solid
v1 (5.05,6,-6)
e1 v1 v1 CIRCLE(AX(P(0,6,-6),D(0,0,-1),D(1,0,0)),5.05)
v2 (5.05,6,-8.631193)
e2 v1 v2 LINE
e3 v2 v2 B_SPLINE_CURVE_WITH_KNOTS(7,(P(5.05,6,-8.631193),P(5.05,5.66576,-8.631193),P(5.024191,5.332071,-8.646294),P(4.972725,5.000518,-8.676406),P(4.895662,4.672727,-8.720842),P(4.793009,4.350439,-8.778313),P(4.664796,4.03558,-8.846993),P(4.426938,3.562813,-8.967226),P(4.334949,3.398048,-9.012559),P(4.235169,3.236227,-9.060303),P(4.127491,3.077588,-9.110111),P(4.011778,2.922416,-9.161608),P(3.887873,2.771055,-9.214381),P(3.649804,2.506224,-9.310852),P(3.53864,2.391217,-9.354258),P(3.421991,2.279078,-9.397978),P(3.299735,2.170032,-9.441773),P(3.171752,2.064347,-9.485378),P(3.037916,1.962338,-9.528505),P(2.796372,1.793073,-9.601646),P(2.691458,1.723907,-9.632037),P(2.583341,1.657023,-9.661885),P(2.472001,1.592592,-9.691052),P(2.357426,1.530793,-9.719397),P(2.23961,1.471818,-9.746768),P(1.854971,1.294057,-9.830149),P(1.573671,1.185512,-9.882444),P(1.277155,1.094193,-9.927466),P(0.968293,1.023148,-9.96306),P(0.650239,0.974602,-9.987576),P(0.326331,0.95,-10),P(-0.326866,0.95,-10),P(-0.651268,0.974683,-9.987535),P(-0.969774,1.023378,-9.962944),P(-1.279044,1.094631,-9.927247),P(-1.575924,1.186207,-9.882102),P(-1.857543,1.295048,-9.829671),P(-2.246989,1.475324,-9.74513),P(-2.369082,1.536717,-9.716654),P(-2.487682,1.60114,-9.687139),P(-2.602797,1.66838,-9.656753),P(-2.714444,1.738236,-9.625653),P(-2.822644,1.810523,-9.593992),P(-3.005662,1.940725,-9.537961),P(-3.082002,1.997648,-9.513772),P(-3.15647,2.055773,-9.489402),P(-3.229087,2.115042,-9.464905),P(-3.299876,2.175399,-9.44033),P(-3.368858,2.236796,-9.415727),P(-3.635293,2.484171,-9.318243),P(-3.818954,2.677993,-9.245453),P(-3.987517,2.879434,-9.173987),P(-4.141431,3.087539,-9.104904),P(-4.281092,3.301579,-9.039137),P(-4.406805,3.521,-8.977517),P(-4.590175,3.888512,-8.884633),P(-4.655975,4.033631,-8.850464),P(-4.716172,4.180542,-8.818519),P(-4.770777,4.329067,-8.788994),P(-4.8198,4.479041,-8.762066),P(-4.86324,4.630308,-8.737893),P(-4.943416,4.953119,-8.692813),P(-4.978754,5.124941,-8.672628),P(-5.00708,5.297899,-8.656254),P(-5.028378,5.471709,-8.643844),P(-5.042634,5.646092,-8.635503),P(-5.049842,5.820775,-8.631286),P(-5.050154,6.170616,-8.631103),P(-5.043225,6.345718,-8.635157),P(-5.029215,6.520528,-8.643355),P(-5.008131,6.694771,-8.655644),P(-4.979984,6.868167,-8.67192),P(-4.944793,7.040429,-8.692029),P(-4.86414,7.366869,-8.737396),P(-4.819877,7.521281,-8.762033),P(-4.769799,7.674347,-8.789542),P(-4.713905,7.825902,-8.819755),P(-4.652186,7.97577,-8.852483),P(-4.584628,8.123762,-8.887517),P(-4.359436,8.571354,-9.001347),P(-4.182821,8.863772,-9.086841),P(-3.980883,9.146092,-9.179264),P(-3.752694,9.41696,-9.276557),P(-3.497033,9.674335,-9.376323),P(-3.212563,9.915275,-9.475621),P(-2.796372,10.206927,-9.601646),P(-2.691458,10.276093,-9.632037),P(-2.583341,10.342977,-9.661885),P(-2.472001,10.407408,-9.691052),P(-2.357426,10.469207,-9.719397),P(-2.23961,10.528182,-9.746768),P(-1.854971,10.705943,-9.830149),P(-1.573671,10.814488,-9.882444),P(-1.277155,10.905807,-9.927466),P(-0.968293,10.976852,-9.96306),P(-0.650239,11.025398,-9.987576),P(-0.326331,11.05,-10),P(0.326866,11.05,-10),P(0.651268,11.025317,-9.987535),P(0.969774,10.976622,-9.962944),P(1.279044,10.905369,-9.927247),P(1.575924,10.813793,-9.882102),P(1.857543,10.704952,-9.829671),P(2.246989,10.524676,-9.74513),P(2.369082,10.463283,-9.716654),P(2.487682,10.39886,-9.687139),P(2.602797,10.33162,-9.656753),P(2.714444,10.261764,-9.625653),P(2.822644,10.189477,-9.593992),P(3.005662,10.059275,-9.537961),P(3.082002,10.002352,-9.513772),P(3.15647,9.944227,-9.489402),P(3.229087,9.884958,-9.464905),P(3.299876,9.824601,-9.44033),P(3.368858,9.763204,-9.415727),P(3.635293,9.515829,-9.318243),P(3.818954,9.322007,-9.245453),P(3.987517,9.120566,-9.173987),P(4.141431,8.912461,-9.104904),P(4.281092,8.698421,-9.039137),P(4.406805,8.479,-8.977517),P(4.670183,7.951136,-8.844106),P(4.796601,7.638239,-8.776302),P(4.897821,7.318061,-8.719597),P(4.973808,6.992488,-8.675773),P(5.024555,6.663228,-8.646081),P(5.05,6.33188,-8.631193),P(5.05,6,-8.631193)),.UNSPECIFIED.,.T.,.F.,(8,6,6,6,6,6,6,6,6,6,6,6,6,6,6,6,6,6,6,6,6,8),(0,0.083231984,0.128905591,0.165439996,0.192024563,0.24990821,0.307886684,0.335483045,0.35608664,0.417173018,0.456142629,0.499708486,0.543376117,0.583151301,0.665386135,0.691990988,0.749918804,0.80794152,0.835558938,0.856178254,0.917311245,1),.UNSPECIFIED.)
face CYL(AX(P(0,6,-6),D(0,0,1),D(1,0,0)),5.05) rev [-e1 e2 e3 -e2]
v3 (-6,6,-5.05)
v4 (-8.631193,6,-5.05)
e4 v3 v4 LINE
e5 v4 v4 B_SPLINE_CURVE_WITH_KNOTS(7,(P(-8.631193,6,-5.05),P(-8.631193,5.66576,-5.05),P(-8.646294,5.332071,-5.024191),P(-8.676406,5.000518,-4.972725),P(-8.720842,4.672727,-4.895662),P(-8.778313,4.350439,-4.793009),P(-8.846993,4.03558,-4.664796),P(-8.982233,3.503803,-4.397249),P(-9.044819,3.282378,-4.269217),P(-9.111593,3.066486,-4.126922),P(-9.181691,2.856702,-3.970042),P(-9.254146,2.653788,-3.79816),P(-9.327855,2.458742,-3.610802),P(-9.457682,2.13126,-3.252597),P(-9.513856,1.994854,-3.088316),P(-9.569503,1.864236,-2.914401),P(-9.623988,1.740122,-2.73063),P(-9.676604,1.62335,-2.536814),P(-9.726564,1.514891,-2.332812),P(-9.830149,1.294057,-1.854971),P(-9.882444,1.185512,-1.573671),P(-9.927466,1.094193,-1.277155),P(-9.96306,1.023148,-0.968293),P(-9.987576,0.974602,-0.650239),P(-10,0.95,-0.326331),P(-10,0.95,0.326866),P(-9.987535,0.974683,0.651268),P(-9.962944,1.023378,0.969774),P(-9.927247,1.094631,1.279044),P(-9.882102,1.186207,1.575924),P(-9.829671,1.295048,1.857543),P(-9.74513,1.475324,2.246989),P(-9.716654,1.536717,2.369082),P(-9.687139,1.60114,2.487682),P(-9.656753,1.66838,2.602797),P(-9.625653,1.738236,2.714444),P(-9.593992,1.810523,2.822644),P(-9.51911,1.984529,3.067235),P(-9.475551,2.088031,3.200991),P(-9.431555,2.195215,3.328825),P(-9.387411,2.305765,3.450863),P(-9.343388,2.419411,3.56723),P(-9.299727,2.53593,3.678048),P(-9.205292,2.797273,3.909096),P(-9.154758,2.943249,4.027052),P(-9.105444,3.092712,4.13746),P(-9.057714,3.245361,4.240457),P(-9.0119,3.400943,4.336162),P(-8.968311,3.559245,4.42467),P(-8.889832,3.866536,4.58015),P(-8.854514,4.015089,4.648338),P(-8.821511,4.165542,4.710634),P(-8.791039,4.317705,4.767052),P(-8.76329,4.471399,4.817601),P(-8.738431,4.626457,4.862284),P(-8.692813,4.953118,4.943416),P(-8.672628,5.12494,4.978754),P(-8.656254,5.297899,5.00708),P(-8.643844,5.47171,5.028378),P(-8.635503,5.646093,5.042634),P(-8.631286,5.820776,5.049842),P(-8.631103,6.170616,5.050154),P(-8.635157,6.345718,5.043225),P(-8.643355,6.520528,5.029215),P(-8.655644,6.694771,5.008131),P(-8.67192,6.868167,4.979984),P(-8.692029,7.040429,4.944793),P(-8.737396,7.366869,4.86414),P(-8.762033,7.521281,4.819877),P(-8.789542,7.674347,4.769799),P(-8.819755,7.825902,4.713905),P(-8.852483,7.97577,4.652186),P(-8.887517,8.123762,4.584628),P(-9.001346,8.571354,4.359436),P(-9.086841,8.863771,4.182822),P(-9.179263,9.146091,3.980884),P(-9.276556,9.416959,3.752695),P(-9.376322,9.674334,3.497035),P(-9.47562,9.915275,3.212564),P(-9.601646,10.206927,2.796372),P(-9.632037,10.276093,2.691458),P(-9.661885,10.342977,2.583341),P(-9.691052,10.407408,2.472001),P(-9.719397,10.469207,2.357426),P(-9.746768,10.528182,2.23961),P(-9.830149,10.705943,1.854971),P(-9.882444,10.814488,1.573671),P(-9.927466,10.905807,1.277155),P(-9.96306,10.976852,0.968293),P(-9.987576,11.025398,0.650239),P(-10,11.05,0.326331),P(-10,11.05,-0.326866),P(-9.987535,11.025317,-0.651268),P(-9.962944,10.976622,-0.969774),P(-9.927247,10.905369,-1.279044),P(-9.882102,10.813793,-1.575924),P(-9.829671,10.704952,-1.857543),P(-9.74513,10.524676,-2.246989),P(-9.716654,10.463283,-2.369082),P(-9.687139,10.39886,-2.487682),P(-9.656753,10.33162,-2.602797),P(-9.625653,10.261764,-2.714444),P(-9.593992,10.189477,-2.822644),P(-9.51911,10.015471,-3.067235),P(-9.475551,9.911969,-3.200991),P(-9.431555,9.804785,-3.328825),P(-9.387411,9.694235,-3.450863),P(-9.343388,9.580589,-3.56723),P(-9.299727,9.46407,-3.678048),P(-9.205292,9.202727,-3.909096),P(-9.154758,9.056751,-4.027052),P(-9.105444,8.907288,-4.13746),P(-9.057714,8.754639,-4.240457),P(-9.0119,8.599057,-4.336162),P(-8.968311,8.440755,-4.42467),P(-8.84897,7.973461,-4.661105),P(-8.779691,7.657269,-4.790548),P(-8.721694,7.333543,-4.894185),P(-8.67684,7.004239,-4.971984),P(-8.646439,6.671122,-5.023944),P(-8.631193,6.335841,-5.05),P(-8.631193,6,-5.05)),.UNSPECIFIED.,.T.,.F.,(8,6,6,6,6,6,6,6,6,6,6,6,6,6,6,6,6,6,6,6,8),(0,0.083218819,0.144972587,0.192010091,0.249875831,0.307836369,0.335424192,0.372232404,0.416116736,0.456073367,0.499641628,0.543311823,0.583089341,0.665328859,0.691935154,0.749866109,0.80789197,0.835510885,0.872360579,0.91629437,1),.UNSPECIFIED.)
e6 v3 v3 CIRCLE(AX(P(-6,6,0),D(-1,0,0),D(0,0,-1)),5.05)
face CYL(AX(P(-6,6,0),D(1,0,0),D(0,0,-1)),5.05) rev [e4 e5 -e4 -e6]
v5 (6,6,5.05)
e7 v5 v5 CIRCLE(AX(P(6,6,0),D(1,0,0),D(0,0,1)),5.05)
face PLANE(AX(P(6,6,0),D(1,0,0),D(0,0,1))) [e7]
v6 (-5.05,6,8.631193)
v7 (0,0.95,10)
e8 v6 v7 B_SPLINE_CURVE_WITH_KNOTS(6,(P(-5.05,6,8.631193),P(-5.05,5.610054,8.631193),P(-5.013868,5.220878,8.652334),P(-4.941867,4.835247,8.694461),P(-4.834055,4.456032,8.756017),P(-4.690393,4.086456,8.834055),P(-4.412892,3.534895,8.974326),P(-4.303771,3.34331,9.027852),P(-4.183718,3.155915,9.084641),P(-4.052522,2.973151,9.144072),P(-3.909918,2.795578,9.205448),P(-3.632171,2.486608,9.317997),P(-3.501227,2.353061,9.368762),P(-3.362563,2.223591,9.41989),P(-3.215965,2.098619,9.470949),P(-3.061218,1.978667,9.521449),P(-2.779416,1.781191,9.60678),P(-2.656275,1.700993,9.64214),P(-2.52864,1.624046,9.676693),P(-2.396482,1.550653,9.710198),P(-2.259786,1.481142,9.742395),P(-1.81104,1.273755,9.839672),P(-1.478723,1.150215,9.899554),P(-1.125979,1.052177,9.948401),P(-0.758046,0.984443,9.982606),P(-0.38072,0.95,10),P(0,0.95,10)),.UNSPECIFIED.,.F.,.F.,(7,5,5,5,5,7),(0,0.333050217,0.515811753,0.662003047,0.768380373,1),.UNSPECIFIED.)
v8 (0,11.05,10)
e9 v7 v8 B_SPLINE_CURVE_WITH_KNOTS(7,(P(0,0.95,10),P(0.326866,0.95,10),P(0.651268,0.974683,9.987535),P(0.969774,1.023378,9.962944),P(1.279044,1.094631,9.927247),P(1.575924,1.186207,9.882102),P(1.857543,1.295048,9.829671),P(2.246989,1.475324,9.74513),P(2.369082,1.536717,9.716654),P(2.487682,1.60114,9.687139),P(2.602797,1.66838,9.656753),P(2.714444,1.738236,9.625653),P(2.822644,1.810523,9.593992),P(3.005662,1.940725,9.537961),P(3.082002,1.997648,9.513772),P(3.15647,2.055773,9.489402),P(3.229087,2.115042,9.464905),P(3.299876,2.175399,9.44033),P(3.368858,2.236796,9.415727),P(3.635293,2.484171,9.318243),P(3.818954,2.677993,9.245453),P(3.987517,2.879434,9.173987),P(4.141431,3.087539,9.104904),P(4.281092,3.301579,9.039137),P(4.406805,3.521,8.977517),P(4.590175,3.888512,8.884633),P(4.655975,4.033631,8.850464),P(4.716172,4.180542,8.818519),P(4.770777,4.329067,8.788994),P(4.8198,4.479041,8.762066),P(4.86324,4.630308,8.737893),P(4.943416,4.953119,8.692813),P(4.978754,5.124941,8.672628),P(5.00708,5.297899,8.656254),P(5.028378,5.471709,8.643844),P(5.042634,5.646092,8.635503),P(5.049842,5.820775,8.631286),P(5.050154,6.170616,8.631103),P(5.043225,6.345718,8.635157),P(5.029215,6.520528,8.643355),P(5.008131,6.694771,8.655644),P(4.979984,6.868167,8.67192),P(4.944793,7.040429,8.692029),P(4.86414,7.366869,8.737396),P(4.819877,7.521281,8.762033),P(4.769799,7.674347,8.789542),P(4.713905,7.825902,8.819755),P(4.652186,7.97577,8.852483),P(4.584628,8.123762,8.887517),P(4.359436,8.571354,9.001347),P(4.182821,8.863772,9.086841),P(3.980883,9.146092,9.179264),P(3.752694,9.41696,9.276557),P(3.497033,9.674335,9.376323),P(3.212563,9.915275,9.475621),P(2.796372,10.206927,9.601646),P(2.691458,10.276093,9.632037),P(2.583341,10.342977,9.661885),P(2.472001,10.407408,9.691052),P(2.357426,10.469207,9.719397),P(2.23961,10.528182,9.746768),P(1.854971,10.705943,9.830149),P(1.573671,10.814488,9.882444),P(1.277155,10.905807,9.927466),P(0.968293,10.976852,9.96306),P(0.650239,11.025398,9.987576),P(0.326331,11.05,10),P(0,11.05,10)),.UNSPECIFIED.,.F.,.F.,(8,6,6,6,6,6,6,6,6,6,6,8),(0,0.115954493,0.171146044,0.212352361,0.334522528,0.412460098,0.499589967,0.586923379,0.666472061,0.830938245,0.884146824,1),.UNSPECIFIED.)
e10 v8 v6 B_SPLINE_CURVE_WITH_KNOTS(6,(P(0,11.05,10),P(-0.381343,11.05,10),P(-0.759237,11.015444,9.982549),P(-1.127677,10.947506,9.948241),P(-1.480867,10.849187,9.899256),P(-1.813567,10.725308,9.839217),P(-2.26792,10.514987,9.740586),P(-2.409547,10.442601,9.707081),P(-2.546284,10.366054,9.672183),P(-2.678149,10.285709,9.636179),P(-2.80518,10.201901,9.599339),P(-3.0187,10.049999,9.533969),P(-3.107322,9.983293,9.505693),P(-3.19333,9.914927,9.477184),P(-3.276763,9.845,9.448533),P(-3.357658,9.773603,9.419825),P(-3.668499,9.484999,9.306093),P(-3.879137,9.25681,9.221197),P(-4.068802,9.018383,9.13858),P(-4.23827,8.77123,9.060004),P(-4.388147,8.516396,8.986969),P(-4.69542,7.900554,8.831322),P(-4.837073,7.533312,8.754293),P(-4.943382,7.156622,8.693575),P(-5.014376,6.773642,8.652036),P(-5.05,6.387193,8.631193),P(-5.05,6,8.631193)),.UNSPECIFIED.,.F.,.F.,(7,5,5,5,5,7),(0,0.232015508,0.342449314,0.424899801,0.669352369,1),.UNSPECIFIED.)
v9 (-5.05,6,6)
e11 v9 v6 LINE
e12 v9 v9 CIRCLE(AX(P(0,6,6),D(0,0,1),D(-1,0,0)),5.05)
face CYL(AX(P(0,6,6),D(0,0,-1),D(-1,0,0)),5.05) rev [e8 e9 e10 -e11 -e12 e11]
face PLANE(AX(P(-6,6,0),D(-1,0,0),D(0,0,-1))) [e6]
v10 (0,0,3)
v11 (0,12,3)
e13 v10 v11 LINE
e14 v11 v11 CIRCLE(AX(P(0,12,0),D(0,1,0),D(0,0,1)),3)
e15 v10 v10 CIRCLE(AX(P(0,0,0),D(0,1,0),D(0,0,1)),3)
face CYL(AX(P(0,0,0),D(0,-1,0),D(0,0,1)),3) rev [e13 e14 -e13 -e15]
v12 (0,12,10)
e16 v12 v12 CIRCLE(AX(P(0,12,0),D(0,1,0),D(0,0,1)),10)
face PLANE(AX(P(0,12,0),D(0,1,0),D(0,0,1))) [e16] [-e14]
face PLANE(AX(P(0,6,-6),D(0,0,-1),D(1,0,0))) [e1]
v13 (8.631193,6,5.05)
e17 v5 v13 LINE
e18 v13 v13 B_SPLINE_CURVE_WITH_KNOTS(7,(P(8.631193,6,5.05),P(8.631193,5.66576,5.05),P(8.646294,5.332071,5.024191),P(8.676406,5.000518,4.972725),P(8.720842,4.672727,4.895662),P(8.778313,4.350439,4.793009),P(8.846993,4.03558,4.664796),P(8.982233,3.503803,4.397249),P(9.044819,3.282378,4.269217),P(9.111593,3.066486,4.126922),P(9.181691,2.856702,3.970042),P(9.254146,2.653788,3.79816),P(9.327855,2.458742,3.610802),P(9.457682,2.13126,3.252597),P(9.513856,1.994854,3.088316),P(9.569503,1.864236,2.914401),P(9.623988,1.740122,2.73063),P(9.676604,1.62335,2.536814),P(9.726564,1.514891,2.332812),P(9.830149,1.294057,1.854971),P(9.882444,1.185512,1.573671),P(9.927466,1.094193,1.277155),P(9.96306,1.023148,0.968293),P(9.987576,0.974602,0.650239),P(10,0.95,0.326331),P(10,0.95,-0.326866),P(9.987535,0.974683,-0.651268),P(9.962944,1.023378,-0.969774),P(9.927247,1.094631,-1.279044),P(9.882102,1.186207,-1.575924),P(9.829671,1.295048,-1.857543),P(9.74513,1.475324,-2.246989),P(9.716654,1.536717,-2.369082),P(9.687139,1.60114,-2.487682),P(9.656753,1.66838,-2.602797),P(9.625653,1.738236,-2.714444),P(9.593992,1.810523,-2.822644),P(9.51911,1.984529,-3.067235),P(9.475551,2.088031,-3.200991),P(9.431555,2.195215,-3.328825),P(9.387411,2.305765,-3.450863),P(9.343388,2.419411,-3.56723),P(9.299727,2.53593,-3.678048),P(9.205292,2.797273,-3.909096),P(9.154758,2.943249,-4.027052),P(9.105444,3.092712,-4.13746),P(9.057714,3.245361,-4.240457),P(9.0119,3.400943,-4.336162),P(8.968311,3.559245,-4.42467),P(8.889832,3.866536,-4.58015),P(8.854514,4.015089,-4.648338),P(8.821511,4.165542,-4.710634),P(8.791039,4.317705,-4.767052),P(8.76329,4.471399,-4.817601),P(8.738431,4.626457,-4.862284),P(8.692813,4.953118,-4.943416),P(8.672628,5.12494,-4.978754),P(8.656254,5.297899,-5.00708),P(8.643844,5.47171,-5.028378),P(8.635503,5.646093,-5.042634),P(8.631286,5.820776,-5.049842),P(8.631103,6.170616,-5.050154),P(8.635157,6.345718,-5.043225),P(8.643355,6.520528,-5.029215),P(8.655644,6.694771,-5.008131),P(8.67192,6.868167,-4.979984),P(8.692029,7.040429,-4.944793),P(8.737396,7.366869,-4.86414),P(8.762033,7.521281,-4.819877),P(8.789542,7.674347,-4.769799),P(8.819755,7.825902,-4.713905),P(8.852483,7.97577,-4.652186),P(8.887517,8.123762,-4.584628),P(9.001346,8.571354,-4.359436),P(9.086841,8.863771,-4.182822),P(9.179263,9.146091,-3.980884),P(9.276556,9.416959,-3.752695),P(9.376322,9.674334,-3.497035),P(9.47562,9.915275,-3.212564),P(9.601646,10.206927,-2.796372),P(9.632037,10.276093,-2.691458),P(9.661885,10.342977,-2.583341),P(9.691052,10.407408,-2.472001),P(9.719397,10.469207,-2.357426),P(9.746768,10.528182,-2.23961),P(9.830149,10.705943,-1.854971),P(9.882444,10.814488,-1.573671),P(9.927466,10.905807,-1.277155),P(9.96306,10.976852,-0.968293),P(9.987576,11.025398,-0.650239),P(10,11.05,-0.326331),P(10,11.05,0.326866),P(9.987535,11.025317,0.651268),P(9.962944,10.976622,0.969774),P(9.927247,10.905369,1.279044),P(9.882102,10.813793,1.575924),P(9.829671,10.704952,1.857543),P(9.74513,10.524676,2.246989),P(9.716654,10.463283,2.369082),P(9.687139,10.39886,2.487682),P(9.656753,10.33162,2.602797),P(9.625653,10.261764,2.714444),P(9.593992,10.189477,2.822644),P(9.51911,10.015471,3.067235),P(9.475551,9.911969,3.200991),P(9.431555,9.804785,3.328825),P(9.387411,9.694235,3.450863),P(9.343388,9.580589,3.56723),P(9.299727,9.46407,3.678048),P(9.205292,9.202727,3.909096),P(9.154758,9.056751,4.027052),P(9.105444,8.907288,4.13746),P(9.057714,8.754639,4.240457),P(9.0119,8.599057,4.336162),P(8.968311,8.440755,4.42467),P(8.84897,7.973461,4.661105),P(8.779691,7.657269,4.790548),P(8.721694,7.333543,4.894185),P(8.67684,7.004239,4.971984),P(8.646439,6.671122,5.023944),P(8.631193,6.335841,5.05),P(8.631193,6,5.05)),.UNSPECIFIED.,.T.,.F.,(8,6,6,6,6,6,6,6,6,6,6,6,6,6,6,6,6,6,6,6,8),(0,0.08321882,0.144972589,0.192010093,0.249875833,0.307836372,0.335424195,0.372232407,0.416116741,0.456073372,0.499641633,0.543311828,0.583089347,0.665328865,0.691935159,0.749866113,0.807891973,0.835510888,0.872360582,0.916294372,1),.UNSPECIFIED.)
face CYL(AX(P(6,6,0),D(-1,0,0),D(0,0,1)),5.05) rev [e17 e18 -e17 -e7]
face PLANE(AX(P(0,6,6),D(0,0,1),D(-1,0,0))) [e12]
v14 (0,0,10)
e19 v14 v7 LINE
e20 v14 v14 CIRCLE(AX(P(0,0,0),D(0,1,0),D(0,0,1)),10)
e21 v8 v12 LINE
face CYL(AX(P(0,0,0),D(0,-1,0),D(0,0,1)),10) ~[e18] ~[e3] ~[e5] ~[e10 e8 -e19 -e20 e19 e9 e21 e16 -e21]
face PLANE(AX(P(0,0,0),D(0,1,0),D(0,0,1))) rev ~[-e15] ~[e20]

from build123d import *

# Parameters (mm, degrees)
SKETCH_1_R               = 10
SKETCH_1_R_2             = 3
EXTRUDE_1_DEPTH          = 12
CUT_EXTRUDE_START        = 6
SKETCH_2_R               = 5.05
CUT_EXTRUDE_1_DEPTH      = 12
PATTERN_CIRCULAR_1_COUNT = 4


with BuildPart() as part:
    # 草图1 → 凸台-拉伸1 (new body)
    with BuildSketch(Plane(origin=(0, 0, 0), x_dir=(1, 0, 0), z_dir=(0, 1, 0))):
        with Locations(Location((0, 0, 0), (0, 0, 270))):
            Circle(SKETCH_1_R)
        with Locations(Location((0, 0, 0), (0, 0, 270))):
            Circle(SKETCH_1_R_2, mode=Mode.SUBTRACT)
    extrude(amount=EXTRUDE_1_DEPTH)

    # 草图2 → 切除-拉伸1 (cut)
    with BuildSketch(Plane.XY.offset(CUT_EXTRUDE_START)):
        with Locations(Location((0, 6, 0), (0, 0, 180))):
            Circle(SKETCH_2_R)
    cut_extrude_1 = extrude(amount=CUT_EXTRUDE_1_DEPTH, mode=Mode.SUBTRACT)

    # 阵列(圆周)1: 切除-拉伸1 ×4 about axis
    pattern_circular_1_axis = Axis((0, 0, 0), (0, 1, 0))
    for i in range(1, PATTERN_CIRCULAR_1_COUNT):
        add(cut_extrude_1.rotate(pattern_circular_1_axis, i * 360 / PATTERN_CIRCULAR_1_COUNT), mode=Mode.SUBTRACT)


solid = part.part
